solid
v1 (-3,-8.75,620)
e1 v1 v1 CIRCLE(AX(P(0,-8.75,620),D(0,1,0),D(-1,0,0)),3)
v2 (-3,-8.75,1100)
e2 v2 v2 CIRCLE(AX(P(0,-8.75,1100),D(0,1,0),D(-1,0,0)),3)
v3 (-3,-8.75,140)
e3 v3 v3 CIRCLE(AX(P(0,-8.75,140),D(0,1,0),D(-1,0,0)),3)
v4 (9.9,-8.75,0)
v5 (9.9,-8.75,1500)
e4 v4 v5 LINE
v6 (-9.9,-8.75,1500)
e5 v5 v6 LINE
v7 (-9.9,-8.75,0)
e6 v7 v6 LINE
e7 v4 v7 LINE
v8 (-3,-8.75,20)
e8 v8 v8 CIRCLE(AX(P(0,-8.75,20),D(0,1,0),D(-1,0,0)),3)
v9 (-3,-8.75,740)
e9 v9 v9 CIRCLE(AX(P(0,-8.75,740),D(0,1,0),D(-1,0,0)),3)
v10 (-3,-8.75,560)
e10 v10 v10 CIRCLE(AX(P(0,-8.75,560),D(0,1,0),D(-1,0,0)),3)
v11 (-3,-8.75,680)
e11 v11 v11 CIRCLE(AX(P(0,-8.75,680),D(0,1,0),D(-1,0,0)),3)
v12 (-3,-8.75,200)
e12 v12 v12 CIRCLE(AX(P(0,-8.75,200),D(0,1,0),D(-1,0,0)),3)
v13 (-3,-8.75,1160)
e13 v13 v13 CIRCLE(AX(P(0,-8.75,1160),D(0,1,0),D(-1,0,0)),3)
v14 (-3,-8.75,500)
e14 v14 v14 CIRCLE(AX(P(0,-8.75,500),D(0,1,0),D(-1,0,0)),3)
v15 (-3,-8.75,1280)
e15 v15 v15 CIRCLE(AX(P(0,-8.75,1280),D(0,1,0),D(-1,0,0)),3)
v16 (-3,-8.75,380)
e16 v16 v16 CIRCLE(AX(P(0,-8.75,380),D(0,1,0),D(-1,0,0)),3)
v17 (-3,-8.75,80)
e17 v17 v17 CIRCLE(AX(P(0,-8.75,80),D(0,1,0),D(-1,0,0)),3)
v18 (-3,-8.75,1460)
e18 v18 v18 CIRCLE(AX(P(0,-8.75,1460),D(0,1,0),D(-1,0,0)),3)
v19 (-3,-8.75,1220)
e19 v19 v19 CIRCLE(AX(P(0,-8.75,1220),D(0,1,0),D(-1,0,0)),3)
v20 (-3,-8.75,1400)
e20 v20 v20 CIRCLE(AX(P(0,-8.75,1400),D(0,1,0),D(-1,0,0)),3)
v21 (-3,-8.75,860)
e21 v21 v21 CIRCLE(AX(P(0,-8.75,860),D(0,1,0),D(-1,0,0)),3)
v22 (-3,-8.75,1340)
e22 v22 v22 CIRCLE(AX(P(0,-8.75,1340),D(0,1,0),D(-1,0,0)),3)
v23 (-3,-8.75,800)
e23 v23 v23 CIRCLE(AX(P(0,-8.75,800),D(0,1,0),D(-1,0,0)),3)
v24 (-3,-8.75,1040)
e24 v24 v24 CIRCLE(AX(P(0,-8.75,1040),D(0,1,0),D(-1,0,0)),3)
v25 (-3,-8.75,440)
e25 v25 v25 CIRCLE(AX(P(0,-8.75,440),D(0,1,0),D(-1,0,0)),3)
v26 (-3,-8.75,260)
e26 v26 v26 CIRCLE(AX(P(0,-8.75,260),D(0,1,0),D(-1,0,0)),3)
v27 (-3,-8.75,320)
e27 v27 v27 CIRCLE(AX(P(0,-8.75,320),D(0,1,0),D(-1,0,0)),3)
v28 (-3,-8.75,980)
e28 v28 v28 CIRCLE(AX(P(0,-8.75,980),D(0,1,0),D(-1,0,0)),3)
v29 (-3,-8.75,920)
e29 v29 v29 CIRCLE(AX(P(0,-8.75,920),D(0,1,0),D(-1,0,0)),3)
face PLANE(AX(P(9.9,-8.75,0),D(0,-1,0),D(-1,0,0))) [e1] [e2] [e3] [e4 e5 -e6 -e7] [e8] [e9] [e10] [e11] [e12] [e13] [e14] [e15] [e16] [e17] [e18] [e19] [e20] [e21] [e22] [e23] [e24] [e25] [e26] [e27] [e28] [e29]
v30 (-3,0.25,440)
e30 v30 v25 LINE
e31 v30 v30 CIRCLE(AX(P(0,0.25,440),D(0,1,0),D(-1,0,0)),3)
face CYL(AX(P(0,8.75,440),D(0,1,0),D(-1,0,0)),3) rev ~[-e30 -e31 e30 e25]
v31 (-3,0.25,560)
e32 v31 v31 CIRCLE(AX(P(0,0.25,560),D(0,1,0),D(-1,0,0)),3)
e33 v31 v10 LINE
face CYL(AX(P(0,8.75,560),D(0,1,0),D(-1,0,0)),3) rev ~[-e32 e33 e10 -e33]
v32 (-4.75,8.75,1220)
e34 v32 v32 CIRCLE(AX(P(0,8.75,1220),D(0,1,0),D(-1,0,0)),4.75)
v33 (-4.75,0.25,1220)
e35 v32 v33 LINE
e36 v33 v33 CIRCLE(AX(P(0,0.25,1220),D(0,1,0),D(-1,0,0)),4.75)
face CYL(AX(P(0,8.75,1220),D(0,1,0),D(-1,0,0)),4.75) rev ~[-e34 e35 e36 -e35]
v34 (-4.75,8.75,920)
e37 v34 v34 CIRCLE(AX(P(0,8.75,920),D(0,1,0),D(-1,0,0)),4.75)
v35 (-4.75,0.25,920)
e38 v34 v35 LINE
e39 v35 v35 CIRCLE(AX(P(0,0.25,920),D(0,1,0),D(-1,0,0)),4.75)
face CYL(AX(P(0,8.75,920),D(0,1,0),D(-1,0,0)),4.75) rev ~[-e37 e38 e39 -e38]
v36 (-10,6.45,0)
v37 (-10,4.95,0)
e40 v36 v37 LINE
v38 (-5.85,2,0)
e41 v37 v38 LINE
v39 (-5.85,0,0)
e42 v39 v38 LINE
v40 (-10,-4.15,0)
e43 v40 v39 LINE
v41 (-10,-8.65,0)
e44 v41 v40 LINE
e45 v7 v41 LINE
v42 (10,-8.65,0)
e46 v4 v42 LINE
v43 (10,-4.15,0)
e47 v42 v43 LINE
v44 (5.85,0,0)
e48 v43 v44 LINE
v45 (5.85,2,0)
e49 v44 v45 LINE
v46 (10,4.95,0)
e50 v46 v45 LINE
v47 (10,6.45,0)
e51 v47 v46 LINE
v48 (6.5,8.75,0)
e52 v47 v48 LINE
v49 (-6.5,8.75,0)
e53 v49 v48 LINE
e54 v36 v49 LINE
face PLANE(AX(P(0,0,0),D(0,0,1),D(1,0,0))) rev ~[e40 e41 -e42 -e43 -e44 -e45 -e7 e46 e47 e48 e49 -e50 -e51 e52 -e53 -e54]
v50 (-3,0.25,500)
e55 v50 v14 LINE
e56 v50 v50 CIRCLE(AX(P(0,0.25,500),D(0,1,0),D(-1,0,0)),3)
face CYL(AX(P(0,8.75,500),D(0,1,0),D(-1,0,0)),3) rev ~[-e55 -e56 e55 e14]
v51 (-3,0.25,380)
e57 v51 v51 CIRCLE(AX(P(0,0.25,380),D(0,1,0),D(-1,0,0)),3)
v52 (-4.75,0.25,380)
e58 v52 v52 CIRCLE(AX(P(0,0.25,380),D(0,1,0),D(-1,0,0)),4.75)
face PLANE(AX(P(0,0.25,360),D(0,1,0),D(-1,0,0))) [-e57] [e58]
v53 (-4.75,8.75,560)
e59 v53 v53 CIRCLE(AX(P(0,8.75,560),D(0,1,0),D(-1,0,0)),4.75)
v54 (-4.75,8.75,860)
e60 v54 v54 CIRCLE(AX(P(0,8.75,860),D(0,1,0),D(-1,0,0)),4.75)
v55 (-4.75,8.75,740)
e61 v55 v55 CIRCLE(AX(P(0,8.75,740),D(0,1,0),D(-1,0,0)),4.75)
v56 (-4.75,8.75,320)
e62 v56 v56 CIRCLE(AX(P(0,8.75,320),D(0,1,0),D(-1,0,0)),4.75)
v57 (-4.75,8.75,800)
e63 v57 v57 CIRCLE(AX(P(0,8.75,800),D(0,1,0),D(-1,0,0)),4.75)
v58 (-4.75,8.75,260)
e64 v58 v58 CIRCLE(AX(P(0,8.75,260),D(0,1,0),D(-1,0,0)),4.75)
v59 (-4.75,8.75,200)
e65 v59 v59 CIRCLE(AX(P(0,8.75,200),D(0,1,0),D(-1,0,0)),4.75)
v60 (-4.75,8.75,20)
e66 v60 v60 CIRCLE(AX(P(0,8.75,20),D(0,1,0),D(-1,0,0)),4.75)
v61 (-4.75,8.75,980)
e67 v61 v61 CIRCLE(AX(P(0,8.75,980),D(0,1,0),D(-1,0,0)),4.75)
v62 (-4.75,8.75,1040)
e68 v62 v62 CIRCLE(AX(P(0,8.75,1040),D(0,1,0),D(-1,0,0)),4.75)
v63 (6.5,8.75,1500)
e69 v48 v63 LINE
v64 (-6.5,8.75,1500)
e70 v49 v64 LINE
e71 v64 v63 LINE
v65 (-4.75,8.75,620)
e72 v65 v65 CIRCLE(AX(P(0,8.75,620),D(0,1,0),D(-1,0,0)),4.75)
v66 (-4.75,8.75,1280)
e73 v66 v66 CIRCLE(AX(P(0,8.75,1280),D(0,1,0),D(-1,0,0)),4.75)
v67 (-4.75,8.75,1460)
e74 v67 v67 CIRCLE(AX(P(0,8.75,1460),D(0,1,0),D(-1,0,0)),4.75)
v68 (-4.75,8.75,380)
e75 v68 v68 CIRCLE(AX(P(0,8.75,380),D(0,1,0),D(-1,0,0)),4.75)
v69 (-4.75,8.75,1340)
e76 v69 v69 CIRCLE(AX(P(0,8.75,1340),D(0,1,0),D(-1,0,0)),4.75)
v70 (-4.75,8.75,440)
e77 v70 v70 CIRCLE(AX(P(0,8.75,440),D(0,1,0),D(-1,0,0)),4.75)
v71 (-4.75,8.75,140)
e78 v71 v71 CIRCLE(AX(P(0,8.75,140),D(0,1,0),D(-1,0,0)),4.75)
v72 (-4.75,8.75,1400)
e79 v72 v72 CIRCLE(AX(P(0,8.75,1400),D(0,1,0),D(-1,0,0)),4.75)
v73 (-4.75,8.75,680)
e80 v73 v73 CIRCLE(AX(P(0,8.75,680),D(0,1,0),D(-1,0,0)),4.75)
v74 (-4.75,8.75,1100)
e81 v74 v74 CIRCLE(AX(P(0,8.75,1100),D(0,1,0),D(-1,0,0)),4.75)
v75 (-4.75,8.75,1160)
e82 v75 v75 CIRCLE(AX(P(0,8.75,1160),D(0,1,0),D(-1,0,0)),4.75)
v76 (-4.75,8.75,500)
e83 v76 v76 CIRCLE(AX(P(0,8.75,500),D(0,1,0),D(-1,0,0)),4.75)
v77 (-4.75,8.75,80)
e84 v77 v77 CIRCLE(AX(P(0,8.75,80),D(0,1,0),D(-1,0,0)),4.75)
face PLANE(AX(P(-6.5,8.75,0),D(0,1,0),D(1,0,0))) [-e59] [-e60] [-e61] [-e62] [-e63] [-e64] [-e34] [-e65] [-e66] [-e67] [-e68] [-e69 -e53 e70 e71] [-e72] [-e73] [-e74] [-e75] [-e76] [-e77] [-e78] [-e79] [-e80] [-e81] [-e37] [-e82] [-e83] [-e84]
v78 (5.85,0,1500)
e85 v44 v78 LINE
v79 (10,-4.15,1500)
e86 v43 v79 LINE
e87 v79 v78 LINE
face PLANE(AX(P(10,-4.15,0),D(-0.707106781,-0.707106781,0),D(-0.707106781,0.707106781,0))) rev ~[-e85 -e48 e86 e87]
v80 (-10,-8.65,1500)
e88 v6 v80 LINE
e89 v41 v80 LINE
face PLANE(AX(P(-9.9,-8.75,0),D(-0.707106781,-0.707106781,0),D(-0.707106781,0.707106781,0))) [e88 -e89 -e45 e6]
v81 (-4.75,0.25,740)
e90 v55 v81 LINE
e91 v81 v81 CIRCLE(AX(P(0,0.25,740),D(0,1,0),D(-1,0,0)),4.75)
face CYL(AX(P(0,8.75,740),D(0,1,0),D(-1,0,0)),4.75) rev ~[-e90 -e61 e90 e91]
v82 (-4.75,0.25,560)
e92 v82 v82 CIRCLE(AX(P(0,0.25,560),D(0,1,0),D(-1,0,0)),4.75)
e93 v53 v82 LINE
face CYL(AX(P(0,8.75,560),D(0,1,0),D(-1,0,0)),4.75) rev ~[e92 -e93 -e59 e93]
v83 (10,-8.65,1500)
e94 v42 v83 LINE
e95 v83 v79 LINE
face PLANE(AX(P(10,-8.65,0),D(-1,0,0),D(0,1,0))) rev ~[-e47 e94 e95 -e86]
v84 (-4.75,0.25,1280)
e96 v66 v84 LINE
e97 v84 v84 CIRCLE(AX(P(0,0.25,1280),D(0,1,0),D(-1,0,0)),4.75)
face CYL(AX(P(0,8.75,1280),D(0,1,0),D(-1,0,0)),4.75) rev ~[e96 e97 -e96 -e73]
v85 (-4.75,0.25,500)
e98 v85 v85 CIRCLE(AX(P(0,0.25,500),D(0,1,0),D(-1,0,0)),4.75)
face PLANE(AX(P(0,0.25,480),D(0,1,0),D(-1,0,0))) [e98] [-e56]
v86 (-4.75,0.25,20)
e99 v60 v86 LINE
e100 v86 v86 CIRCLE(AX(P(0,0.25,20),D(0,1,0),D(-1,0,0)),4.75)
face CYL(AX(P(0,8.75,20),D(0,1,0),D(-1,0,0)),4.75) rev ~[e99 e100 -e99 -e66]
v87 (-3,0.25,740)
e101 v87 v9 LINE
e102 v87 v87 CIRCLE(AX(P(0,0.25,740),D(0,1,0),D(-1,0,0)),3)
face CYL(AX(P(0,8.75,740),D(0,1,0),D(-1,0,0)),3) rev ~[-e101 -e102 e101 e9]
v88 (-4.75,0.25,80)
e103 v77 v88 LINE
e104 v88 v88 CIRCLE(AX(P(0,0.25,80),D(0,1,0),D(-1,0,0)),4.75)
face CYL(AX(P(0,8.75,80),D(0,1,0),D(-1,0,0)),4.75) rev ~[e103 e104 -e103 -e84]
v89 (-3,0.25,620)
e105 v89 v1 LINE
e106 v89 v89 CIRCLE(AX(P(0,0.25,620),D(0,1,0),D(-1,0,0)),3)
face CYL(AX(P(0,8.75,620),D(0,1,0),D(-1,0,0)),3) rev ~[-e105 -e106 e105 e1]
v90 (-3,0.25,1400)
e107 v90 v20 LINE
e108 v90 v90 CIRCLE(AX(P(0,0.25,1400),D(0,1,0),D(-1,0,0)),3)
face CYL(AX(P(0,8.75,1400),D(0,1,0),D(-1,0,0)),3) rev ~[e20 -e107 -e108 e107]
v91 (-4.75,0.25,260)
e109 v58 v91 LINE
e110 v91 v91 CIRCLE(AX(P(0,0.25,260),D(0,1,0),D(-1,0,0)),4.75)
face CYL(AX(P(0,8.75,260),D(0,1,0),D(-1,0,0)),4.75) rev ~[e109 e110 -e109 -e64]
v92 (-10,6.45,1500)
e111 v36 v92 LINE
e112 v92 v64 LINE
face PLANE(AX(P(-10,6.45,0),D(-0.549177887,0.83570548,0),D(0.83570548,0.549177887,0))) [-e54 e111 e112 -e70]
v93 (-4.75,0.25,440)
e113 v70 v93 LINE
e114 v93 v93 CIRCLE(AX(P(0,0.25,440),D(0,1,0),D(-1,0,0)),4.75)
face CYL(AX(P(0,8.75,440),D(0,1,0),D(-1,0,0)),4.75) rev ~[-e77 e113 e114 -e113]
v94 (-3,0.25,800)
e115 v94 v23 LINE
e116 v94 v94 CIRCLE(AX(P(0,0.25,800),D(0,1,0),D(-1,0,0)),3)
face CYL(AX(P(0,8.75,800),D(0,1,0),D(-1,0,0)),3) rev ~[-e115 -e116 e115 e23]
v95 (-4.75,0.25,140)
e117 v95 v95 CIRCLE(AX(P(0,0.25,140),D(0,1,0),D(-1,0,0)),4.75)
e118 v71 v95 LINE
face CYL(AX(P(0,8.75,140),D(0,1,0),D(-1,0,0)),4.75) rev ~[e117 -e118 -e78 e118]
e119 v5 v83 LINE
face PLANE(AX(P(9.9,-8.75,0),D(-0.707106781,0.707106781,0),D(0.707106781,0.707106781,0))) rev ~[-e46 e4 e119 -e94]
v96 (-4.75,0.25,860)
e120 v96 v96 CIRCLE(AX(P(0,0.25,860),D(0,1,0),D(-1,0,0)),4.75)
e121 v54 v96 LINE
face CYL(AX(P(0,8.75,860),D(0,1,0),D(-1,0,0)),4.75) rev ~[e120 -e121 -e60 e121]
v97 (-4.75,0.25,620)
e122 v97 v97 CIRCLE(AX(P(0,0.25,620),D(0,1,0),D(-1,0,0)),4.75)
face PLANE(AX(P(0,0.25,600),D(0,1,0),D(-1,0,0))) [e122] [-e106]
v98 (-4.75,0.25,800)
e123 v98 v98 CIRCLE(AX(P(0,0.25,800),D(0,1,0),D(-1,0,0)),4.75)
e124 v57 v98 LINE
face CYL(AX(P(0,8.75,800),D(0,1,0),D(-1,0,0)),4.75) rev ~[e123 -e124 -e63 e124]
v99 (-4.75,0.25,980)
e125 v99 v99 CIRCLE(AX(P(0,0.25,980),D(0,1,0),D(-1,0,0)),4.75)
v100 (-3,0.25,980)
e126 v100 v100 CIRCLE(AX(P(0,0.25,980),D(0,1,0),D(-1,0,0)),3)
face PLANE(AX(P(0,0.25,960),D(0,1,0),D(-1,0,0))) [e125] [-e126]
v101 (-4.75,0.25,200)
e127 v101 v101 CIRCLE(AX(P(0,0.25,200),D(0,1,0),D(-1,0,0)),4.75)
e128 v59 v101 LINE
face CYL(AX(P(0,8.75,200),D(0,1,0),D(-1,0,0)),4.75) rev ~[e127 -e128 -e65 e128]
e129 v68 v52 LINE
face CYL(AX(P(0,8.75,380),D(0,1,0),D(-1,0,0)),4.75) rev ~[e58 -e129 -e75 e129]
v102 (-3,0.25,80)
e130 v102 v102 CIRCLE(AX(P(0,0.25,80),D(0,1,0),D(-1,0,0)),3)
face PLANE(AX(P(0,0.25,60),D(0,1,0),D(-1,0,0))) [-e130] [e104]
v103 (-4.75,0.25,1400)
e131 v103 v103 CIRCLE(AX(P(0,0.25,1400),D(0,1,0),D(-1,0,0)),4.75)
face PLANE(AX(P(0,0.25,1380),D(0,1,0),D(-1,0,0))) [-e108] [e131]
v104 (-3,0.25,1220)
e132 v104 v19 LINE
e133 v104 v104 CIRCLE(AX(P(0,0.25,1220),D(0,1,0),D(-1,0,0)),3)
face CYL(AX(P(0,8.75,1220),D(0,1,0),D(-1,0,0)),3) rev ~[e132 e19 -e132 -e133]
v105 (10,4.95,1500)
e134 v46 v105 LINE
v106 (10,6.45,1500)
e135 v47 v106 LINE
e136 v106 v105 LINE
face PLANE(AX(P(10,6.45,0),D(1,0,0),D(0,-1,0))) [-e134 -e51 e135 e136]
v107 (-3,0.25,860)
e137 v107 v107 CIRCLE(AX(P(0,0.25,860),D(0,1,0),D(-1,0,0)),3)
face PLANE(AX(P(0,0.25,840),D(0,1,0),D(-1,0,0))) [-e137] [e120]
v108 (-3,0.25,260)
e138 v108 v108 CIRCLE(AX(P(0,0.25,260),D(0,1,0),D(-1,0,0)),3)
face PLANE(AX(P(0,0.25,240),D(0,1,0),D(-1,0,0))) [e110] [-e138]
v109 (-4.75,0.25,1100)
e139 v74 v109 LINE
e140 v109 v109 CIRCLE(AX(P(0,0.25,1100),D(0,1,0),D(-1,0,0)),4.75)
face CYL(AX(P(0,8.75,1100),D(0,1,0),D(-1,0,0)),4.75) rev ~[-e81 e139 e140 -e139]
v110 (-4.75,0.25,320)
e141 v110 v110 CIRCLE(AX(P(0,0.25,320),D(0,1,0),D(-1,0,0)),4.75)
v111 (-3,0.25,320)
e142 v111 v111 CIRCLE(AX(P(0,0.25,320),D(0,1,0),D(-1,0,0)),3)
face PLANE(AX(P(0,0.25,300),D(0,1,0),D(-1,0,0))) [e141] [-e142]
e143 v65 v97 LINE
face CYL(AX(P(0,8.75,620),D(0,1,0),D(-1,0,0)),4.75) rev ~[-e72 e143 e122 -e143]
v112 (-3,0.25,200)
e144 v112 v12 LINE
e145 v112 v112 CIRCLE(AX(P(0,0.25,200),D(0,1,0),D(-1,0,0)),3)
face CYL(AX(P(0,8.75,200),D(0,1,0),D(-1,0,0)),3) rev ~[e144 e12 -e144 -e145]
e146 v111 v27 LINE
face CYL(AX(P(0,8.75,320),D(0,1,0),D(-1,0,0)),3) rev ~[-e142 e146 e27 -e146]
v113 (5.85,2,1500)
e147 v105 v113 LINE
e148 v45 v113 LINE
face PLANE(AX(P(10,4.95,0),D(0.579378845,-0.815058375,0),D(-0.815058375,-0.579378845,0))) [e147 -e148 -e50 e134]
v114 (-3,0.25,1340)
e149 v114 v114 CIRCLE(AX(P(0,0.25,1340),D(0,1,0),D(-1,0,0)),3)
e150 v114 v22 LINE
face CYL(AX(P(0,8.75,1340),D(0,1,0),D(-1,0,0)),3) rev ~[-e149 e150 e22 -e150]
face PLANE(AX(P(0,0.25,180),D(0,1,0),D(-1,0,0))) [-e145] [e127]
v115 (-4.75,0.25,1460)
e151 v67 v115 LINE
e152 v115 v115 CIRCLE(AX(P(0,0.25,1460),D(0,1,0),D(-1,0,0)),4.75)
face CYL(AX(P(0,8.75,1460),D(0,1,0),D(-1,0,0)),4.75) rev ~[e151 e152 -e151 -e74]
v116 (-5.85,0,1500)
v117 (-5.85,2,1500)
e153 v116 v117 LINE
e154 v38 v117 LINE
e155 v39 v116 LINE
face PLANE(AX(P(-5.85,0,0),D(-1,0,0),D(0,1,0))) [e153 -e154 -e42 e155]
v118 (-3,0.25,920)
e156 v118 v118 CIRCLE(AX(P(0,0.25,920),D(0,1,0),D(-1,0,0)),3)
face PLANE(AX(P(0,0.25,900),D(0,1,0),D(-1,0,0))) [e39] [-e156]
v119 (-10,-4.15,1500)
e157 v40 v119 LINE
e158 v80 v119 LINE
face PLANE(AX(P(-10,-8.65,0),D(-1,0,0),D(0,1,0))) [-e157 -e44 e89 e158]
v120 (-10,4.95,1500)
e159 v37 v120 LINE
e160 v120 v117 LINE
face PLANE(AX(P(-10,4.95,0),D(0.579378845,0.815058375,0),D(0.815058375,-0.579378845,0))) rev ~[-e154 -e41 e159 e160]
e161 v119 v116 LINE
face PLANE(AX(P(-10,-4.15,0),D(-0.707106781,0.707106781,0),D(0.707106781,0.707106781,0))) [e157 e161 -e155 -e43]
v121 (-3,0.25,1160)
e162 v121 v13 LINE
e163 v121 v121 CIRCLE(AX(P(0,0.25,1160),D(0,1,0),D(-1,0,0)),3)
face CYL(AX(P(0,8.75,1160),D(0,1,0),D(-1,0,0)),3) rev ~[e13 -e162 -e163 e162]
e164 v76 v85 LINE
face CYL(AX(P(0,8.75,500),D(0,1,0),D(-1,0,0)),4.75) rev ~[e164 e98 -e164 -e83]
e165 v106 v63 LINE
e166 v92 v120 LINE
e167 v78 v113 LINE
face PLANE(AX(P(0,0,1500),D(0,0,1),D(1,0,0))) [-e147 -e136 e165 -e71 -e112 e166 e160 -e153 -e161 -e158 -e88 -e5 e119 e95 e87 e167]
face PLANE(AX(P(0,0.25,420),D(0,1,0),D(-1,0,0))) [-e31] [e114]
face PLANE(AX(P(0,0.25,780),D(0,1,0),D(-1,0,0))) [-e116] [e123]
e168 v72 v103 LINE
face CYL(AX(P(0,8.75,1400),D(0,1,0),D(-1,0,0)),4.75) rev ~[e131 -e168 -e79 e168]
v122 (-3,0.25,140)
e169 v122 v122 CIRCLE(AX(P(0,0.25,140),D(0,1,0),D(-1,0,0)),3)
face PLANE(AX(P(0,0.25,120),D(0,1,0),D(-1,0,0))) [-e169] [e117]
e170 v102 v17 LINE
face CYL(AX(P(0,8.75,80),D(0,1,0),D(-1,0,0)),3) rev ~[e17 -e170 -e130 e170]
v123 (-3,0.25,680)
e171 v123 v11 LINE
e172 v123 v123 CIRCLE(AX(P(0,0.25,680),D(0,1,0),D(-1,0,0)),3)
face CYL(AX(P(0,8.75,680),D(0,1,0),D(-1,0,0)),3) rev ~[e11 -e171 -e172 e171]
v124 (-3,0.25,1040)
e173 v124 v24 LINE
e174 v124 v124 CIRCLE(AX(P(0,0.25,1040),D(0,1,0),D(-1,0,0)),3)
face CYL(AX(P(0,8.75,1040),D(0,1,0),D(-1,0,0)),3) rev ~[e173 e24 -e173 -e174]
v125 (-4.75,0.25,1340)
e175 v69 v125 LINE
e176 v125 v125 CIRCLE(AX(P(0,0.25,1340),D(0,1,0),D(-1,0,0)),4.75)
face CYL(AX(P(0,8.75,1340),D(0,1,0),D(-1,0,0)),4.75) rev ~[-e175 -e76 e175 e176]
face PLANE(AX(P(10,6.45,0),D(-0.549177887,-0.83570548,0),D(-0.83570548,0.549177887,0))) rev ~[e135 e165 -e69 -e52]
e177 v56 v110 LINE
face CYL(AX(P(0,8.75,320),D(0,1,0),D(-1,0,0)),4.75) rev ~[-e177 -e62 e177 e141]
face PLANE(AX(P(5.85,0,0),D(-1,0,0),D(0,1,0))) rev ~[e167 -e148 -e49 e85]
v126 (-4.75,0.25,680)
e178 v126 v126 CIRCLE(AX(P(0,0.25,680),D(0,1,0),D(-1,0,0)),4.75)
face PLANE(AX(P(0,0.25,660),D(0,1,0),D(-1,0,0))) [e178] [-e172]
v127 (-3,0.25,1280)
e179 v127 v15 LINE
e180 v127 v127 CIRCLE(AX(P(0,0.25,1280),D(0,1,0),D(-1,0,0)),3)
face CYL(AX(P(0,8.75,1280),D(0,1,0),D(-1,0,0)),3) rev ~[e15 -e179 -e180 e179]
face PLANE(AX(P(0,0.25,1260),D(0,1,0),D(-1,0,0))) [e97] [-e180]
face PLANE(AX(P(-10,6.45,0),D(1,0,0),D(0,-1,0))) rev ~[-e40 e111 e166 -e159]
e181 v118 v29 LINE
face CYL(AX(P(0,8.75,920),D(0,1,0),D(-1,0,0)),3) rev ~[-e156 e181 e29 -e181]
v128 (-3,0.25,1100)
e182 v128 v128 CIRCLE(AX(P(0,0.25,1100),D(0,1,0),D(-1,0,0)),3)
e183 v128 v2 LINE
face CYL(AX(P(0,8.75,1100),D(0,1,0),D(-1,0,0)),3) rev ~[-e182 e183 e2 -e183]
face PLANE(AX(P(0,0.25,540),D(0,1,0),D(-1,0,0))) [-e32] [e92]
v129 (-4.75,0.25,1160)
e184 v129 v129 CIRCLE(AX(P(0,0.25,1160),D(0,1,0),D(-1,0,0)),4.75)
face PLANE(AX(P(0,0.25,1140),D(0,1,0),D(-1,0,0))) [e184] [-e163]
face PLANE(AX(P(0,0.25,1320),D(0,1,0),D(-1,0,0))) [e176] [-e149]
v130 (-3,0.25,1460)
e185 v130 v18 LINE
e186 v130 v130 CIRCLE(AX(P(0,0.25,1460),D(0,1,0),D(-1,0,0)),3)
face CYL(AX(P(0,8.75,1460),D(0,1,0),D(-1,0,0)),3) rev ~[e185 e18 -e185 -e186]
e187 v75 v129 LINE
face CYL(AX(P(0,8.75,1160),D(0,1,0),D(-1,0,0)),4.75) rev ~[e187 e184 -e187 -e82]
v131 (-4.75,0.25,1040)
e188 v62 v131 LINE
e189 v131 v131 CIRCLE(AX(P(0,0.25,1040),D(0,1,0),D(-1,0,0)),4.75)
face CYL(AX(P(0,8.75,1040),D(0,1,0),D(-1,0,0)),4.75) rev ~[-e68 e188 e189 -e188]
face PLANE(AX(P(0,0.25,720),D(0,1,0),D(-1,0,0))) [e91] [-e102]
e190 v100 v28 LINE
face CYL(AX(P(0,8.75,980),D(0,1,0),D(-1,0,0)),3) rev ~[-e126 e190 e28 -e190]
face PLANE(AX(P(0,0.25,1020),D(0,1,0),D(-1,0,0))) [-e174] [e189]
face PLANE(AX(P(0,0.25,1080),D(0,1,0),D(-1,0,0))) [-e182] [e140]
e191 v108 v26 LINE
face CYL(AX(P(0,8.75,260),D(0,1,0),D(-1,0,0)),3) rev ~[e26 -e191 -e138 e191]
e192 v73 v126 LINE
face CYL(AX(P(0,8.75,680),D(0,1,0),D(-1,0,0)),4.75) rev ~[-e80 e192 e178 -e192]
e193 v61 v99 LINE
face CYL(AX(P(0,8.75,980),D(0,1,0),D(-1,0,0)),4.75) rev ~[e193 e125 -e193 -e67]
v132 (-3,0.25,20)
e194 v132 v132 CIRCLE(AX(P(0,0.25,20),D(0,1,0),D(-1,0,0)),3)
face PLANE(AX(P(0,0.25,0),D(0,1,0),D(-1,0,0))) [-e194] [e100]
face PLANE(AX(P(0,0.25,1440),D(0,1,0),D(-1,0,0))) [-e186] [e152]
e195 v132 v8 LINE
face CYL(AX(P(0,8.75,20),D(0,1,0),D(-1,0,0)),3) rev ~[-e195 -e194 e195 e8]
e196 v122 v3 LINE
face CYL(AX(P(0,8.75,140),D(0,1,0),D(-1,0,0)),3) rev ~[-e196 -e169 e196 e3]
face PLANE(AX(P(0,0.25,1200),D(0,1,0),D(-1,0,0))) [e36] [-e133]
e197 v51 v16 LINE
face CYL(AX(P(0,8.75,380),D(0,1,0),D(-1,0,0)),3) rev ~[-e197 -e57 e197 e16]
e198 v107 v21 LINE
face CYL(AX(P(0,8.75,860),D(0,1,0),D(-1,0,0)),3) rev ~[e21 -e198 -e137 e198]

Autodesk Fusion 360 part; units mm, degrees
sketch "Sketch1" plane through (0, 0, 0) normal (0, 0, 1) x (1, 0, 0)
  line L0 (10, -8.75) -> (-10, -8.75)
  line L1 (10, -8.75) -> (10, -4.15)
  line L2 (0, 0) -> (12.5, 0) construction
  line L3 (10, -4.15) -> (5.85, 0)
  line L4 (5.85, 0) -> (5.85, 2)
  line L5 (9.9, -8.75) -> (10, -8.65)
  line L6 (9.9, -8.75) -> (10.0414, -8.75) construction
  line L7 (10, 6.45) -> (10, 4.95)
  line L8 (10, 6.45) -> (6.5, 8.75)
  line L9 (10, 4.95) -> (5.85, 2)
  line L10 (-10, -8.75) -> (10, -8.75) construction
  line L11 (-9.9, -8.75) -> (-10, -8.65)
  line L12 (-10, -8.75) -> (-10, -4.15)
  line L13 (-10, -4.15) -> (-5.85, 0)
  line L14 (-5.85, 0) -> (-5.85, 2)
  line L15 (-10, 4.95) -> (-5.85, 2)
  line L16 (-10, 6.45) -> (-6.5, 8.75)
  line L17 (-10, 6.45) -> (-10, 4.95)
  line L18 (-6.5, 8.75) -> (6.5, 8.75)
  dimension "d8" = 20
  dimension "d9" = 4.6
  dimension "d16" = 45
  dimension "d18" = 1.5
  dimension "d19" = 2
  dimension "d20" = 2
  dimension "d21" = 1.5
  dimension "d22" = 4.6
  dimension "d23" = 13
extrude "Extrude1" add sketch "Sketch1" along normal blind 1500 contours L0 L1 L3 L4 L5 L7 L8 L9 L11 L12 L13 L14 L15 L16 L17 L18
sketch "Sketch2" plane through (0, 8.75, 0) normal (0, 1, 0) x (-1, 0, 0)
  line L0 (-6.5, 0) -> (6.5, 0)
  line L1 (6.5, 0) -> (6.5, 1500)
  line L2 (6.5, 1500) -> (-6.5, 1500)
  line L3 (-6.5, 1500) -> (-6.5, 0)
  line L4 (0, 0) -> (0, 20) construction
  circle A0 centre (0, 20) radius 4.75
  circle A1 centre (0, 20) radius 3
  dimension "d26" = 20
  dimension "d27" = 9.5
  dimension "d28" = 6
extrude "Extrude2" cut sketch "Sketch2" against normal blind 8.5 contours A0 | A1
extrude "Extrude3" cut sketch "Sketch2" against normal blind 17.5 contours A1
pattern_linear "R-Pattern1" count 25 spacing 60 along (0, 0, 1) of "Extrude3", "Extrude2"
